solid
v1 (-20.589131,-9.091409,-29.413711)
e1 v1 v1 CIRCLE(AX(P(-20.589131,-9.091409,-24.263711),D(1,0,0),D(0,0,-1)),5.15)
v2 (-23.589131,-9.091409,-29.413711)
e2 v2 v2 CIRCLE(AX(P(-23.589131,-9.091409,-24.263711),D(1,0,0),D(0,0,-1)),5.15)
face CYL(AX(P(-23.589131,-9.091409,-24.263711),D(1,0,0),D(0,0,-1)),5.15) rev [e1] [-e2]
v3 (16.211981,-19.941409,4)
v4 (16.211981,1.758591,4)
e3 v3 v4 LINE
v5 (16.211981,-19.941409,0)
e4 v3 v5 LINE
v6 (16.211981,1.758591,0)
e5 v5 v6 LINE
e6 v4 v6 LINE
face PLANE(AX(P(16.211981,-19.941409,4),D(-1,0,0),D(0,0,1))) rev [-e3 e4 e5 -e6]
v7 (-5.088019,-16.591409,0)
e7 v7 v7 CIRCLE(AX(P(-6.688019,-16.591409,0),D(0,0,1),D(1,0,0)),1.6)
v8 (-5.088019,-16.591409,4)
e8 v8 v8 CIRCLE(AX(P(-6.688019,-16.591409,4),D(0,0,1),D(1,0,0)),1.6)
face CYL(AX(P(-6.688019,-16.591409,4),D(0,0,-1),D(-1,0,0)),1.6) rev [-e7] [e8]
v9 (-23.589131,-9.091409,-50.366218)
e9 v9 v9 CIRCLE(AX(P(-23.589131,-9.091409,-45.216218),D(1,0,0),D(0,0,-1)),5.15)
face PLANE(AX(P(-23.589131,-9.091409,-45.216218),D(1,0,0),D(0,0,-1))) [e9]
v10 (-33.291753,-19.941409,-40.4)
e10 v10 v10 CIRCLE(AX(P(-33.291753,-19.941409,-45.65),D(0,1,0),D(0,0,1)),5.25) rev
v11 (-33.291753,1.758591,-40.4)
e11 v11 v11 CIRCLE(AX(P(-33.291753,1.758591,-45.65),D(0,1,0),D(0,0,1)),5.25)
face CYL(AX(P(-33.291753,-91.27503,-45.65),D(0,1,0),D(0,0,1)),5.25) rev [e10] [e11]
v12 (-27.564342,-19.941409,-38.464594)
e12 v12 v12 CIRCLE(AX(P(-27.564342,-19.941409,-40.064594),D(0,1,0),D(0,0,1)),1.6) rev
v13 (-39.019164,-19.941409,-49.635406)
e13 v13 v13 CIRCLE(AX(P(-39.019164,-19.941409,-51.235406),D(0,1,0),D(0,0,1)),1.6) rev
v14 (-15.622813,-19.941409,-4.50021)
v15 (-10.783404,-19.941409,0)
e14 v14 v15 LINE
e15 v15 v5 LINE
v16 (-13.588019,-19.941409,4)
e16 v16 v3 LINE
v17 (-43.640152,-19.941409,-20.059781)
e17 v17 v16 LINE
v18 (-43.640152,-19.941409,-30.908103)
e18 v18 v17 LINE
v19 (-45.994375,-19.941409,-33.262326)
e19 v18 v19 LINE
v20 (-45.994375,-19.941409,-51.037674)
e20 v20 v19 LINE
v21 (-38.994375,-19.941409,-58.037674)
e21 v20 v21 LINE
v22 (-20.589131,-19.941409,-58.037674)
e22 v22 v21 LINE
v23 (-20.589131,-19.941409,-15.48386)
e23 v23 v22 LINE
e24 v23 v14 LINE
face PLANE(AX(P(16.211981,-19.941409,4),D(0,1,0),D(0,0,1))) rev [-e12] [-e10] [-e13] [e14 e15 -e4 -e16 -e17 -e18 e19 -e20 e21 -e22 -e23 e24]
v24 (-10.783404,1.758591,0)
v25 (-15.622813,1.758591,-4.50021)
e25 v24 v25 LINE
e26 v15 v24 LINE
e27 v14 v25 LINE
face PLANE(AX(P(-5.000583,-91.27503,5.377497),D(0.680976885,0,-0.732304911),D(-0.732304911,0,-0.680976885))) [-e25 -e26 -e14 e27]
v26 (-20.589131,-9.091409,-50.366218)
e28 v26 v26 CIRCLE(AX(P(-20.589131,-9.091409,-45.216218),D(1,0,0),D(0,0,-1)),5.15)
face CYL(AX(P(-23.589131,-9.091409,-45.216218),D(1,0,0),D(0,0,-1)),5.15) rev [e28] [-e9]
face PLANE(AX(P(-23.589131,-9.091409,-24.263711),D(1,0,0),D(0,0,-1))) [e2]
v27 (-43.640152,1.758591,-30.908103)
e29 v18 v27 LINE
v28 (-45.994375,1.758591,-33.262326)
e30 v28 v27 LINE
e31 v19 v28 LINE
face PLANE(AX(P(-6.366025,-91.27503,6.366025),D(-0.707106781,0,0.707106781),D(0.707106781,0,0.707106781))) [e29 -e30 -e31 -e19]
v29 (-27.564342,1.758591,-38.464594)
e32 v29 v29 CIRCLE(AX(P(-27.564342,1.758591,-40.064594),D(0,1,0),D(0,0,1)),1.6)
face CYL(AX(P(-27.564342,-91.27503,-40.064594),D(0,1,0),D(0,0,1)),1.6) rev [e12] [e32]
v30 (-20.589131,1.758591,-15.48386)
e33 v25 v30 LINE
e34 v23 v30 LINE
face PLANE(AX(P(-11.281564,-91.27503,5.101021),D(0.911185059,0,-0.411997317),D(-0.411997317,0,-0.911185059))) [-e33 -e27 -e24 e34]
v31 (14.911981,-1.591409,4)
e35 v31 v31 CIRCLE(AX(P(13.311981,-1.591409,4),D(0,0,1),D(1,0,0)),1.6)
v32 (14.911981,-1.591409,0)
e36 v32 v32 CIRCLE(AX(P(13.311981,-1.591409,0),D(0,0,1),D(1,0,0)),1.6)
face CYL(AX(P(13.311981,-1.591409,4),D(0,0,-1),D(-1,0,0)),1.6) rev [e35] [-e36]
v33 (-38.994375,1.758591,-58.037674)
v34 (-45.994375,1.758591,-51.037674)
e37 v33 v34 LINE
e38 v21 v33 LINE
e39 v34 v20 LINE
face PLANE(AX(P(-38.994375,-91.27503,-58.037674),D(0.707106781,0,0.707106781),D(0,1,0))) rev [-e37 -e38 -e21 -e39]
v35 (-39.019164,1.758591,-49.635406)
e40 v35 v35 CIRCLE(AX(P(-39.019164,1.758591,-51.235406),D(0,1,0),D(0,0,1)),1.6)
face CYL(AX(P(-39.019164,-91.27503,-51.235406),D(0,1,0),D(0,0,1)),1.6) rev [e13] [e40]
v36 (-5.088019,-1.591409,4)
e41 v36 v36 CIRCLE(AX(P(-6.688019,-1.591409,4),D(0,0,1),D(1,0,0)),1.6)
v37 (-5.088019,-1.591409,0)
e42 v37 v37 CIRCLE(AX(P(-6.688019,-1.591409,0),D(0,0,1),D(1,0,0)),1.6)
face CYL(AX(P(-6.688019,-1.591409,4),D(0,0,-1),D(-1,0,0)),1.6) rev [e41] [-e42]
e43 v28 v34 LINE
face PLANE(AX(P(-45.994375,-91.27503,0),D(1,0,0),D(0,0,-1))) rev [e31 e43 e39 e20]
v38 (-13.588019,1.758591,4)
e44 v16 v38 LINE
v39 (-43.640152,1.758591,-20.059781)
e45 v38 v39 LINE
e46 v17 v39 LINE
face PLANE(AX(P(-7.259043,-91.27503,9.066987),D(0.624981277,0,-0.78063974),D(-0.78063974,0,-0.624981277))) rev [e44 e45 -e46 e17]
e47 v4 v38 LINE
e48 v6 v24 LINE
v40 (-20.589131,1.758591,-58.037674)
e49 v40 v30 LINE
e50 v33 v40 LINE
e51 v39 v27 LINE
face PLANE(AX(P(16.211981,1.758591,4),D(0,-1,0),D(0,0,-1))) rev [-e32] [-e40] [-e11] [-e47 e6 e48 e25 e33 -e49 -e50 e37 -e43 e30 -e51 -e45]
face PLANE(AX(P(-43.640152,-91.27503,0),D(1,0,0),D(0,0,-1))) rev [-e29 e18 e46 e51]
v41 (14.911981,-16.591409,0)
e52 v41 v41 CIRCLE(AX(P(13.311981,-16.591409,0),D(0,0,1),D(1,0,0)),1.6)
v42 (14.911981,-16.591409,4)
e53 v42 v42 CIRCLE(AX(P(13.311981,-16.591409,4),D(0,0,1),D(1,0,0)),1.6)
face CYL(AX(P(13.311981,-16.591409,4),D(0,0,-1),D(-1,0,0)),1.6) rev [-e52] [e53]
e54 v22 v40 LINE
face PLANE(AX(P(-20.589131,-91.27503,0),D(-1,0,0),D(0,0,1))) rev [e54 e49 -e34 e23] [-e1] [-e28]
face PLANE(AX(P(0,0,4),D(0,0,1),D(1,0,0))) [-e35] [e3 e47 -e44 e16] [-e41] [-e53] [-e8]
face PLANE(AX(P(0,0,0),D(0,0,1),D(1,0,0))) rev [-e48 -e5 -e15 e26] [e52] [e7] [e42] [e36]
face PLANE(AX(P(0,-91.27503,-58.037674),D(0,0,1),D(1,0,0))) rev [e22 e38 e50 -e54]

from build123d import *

# Parameters (mm, degrees)
SKICA1_W                 = 25.8
SKICA1_H                 = 21.7
SKICA1_R                 = 1.6
P_IDAT_VYSUNUT_M1_DEPTH  = 4
SKICA2_W                 = 4
SKICA2_H                 = 21.7
P_IDAT_VYSUNUT_M2_DEPTH  = 4
SKICA4_R                 = 5.25
SKICA4_R_2               = 1.6
P_IDAT_VYSUNUT_M3_DEPTH  = 21.7
ZKOSEN_1_SIZE            = 7
SKICA5_R                 = 5.15
ODEBRAT_VYSUNUT_M1_DEPTH = 3


with BuildPart() as part:
    # Skica1 → Přidat vysunutím1 (new body)
    with BuildSketch(Plane.XY):
        with Locations((3.311981452, -9.09140889)):
            Rectangle(SKICA1_W, SKICA1_H)
        with Locations((-6.688018548, -1.59140889)):
            Circle(SKICA1_R, mode=Mode.SUBTRACT)
        with Locations((13.311981452, -1.59140889)):
            Circle(SKICA1_R, mode=Mode.SUBTRACT)
        with Locations((13.311981452, -16.59140889)):
            Circle(SKICA1_R, mode=Mode.SUBTRACT)
        with Locations((-6.688018548, -16.59140889)):
            Circle(SKICA1_R, mode=Mode.SUBTRACT)
    extrude(amount=P_IDAT_VYSUNUT_M1_DEPTH)

    # Skica2 → Přidat vysunutím2 (add)
    with BuildSketch(Plane.ZY.offset(9.588018548)):
        with Locations((2, -9.09140889)):
            Rectangle(SKICA2_W, SKICA2_H)
    extrude(amount=P_IDAT_VYSUNUT_M2_DEPTH)

    # Skica4 → Přidat vysunutím3 (add)
    with BuildSketch(Plane(origin=(0, 1.75859111, 0), x_dir=(1, 0, 0), z_dir=(0, 1, 0))):
        Polygon((-13.588018548, -4), (-13.588018548, 0), (-10.783404097, 0), (-15.62281297, 4.500209586), (-20.589130875, 15.483860416), (-20.589130875, 33.262325999), (-20.589130875, 58.037674001), (-45.99437508, 58.037674001), (-45.99437508, 33.262325999), (-43.640152305, 30.908103223), (-43.640152305, 20.059780683), align=None)
        with Locations(Location((-33.291752977, 45.65, 0), (0, 0, 270))):
            Circle(SKICA4_R, mode=Mode.SUBTRACT)
        with Locations(Location((-39.019164168, 51.235406078, 0), (0, 0, 270))):
            Circle(SKICA4_R_2, mode=Mode.SUBTRACT)
        with Locations(Location((-27.564341787, 40.064593922, 0), (0, 0, 270))):
            Circle(SKICA4_R_2, mode=Mode.SUBTRACT)
    extrude(amount=-P_IDAT_VYSUNUT_M3_DEPTH)

    # Zkosení1
    zkosen_1_edges = [part.edges().sort_by_distance(p)[0] for p in [
        (-45.99437508, -9.09140889, -58.037674001),
    ]]
    chamfer(zkosen_1_edges, length=ZKOSEN_1_SIZE)

    # Skica5 → Odebrat vysunutím1 (cut)
    with BuildSketch(Plane(origin=(-20.589130875, 0, 0), x_dir=(0, 0, -1), z_dir=(1, 0, 0))):
        with Locations((24.263711451, -9.09140889)):
            Circle(SKICA5_R)
        with Locations((45.216218307, -9.09140889)):
            Circle(SKICA5_R)
    extrude(amount=-ODEBRAT_VYSUNUT_M1_DEPTH, mode=Mode.SUBTRACT)


solid = part.part
